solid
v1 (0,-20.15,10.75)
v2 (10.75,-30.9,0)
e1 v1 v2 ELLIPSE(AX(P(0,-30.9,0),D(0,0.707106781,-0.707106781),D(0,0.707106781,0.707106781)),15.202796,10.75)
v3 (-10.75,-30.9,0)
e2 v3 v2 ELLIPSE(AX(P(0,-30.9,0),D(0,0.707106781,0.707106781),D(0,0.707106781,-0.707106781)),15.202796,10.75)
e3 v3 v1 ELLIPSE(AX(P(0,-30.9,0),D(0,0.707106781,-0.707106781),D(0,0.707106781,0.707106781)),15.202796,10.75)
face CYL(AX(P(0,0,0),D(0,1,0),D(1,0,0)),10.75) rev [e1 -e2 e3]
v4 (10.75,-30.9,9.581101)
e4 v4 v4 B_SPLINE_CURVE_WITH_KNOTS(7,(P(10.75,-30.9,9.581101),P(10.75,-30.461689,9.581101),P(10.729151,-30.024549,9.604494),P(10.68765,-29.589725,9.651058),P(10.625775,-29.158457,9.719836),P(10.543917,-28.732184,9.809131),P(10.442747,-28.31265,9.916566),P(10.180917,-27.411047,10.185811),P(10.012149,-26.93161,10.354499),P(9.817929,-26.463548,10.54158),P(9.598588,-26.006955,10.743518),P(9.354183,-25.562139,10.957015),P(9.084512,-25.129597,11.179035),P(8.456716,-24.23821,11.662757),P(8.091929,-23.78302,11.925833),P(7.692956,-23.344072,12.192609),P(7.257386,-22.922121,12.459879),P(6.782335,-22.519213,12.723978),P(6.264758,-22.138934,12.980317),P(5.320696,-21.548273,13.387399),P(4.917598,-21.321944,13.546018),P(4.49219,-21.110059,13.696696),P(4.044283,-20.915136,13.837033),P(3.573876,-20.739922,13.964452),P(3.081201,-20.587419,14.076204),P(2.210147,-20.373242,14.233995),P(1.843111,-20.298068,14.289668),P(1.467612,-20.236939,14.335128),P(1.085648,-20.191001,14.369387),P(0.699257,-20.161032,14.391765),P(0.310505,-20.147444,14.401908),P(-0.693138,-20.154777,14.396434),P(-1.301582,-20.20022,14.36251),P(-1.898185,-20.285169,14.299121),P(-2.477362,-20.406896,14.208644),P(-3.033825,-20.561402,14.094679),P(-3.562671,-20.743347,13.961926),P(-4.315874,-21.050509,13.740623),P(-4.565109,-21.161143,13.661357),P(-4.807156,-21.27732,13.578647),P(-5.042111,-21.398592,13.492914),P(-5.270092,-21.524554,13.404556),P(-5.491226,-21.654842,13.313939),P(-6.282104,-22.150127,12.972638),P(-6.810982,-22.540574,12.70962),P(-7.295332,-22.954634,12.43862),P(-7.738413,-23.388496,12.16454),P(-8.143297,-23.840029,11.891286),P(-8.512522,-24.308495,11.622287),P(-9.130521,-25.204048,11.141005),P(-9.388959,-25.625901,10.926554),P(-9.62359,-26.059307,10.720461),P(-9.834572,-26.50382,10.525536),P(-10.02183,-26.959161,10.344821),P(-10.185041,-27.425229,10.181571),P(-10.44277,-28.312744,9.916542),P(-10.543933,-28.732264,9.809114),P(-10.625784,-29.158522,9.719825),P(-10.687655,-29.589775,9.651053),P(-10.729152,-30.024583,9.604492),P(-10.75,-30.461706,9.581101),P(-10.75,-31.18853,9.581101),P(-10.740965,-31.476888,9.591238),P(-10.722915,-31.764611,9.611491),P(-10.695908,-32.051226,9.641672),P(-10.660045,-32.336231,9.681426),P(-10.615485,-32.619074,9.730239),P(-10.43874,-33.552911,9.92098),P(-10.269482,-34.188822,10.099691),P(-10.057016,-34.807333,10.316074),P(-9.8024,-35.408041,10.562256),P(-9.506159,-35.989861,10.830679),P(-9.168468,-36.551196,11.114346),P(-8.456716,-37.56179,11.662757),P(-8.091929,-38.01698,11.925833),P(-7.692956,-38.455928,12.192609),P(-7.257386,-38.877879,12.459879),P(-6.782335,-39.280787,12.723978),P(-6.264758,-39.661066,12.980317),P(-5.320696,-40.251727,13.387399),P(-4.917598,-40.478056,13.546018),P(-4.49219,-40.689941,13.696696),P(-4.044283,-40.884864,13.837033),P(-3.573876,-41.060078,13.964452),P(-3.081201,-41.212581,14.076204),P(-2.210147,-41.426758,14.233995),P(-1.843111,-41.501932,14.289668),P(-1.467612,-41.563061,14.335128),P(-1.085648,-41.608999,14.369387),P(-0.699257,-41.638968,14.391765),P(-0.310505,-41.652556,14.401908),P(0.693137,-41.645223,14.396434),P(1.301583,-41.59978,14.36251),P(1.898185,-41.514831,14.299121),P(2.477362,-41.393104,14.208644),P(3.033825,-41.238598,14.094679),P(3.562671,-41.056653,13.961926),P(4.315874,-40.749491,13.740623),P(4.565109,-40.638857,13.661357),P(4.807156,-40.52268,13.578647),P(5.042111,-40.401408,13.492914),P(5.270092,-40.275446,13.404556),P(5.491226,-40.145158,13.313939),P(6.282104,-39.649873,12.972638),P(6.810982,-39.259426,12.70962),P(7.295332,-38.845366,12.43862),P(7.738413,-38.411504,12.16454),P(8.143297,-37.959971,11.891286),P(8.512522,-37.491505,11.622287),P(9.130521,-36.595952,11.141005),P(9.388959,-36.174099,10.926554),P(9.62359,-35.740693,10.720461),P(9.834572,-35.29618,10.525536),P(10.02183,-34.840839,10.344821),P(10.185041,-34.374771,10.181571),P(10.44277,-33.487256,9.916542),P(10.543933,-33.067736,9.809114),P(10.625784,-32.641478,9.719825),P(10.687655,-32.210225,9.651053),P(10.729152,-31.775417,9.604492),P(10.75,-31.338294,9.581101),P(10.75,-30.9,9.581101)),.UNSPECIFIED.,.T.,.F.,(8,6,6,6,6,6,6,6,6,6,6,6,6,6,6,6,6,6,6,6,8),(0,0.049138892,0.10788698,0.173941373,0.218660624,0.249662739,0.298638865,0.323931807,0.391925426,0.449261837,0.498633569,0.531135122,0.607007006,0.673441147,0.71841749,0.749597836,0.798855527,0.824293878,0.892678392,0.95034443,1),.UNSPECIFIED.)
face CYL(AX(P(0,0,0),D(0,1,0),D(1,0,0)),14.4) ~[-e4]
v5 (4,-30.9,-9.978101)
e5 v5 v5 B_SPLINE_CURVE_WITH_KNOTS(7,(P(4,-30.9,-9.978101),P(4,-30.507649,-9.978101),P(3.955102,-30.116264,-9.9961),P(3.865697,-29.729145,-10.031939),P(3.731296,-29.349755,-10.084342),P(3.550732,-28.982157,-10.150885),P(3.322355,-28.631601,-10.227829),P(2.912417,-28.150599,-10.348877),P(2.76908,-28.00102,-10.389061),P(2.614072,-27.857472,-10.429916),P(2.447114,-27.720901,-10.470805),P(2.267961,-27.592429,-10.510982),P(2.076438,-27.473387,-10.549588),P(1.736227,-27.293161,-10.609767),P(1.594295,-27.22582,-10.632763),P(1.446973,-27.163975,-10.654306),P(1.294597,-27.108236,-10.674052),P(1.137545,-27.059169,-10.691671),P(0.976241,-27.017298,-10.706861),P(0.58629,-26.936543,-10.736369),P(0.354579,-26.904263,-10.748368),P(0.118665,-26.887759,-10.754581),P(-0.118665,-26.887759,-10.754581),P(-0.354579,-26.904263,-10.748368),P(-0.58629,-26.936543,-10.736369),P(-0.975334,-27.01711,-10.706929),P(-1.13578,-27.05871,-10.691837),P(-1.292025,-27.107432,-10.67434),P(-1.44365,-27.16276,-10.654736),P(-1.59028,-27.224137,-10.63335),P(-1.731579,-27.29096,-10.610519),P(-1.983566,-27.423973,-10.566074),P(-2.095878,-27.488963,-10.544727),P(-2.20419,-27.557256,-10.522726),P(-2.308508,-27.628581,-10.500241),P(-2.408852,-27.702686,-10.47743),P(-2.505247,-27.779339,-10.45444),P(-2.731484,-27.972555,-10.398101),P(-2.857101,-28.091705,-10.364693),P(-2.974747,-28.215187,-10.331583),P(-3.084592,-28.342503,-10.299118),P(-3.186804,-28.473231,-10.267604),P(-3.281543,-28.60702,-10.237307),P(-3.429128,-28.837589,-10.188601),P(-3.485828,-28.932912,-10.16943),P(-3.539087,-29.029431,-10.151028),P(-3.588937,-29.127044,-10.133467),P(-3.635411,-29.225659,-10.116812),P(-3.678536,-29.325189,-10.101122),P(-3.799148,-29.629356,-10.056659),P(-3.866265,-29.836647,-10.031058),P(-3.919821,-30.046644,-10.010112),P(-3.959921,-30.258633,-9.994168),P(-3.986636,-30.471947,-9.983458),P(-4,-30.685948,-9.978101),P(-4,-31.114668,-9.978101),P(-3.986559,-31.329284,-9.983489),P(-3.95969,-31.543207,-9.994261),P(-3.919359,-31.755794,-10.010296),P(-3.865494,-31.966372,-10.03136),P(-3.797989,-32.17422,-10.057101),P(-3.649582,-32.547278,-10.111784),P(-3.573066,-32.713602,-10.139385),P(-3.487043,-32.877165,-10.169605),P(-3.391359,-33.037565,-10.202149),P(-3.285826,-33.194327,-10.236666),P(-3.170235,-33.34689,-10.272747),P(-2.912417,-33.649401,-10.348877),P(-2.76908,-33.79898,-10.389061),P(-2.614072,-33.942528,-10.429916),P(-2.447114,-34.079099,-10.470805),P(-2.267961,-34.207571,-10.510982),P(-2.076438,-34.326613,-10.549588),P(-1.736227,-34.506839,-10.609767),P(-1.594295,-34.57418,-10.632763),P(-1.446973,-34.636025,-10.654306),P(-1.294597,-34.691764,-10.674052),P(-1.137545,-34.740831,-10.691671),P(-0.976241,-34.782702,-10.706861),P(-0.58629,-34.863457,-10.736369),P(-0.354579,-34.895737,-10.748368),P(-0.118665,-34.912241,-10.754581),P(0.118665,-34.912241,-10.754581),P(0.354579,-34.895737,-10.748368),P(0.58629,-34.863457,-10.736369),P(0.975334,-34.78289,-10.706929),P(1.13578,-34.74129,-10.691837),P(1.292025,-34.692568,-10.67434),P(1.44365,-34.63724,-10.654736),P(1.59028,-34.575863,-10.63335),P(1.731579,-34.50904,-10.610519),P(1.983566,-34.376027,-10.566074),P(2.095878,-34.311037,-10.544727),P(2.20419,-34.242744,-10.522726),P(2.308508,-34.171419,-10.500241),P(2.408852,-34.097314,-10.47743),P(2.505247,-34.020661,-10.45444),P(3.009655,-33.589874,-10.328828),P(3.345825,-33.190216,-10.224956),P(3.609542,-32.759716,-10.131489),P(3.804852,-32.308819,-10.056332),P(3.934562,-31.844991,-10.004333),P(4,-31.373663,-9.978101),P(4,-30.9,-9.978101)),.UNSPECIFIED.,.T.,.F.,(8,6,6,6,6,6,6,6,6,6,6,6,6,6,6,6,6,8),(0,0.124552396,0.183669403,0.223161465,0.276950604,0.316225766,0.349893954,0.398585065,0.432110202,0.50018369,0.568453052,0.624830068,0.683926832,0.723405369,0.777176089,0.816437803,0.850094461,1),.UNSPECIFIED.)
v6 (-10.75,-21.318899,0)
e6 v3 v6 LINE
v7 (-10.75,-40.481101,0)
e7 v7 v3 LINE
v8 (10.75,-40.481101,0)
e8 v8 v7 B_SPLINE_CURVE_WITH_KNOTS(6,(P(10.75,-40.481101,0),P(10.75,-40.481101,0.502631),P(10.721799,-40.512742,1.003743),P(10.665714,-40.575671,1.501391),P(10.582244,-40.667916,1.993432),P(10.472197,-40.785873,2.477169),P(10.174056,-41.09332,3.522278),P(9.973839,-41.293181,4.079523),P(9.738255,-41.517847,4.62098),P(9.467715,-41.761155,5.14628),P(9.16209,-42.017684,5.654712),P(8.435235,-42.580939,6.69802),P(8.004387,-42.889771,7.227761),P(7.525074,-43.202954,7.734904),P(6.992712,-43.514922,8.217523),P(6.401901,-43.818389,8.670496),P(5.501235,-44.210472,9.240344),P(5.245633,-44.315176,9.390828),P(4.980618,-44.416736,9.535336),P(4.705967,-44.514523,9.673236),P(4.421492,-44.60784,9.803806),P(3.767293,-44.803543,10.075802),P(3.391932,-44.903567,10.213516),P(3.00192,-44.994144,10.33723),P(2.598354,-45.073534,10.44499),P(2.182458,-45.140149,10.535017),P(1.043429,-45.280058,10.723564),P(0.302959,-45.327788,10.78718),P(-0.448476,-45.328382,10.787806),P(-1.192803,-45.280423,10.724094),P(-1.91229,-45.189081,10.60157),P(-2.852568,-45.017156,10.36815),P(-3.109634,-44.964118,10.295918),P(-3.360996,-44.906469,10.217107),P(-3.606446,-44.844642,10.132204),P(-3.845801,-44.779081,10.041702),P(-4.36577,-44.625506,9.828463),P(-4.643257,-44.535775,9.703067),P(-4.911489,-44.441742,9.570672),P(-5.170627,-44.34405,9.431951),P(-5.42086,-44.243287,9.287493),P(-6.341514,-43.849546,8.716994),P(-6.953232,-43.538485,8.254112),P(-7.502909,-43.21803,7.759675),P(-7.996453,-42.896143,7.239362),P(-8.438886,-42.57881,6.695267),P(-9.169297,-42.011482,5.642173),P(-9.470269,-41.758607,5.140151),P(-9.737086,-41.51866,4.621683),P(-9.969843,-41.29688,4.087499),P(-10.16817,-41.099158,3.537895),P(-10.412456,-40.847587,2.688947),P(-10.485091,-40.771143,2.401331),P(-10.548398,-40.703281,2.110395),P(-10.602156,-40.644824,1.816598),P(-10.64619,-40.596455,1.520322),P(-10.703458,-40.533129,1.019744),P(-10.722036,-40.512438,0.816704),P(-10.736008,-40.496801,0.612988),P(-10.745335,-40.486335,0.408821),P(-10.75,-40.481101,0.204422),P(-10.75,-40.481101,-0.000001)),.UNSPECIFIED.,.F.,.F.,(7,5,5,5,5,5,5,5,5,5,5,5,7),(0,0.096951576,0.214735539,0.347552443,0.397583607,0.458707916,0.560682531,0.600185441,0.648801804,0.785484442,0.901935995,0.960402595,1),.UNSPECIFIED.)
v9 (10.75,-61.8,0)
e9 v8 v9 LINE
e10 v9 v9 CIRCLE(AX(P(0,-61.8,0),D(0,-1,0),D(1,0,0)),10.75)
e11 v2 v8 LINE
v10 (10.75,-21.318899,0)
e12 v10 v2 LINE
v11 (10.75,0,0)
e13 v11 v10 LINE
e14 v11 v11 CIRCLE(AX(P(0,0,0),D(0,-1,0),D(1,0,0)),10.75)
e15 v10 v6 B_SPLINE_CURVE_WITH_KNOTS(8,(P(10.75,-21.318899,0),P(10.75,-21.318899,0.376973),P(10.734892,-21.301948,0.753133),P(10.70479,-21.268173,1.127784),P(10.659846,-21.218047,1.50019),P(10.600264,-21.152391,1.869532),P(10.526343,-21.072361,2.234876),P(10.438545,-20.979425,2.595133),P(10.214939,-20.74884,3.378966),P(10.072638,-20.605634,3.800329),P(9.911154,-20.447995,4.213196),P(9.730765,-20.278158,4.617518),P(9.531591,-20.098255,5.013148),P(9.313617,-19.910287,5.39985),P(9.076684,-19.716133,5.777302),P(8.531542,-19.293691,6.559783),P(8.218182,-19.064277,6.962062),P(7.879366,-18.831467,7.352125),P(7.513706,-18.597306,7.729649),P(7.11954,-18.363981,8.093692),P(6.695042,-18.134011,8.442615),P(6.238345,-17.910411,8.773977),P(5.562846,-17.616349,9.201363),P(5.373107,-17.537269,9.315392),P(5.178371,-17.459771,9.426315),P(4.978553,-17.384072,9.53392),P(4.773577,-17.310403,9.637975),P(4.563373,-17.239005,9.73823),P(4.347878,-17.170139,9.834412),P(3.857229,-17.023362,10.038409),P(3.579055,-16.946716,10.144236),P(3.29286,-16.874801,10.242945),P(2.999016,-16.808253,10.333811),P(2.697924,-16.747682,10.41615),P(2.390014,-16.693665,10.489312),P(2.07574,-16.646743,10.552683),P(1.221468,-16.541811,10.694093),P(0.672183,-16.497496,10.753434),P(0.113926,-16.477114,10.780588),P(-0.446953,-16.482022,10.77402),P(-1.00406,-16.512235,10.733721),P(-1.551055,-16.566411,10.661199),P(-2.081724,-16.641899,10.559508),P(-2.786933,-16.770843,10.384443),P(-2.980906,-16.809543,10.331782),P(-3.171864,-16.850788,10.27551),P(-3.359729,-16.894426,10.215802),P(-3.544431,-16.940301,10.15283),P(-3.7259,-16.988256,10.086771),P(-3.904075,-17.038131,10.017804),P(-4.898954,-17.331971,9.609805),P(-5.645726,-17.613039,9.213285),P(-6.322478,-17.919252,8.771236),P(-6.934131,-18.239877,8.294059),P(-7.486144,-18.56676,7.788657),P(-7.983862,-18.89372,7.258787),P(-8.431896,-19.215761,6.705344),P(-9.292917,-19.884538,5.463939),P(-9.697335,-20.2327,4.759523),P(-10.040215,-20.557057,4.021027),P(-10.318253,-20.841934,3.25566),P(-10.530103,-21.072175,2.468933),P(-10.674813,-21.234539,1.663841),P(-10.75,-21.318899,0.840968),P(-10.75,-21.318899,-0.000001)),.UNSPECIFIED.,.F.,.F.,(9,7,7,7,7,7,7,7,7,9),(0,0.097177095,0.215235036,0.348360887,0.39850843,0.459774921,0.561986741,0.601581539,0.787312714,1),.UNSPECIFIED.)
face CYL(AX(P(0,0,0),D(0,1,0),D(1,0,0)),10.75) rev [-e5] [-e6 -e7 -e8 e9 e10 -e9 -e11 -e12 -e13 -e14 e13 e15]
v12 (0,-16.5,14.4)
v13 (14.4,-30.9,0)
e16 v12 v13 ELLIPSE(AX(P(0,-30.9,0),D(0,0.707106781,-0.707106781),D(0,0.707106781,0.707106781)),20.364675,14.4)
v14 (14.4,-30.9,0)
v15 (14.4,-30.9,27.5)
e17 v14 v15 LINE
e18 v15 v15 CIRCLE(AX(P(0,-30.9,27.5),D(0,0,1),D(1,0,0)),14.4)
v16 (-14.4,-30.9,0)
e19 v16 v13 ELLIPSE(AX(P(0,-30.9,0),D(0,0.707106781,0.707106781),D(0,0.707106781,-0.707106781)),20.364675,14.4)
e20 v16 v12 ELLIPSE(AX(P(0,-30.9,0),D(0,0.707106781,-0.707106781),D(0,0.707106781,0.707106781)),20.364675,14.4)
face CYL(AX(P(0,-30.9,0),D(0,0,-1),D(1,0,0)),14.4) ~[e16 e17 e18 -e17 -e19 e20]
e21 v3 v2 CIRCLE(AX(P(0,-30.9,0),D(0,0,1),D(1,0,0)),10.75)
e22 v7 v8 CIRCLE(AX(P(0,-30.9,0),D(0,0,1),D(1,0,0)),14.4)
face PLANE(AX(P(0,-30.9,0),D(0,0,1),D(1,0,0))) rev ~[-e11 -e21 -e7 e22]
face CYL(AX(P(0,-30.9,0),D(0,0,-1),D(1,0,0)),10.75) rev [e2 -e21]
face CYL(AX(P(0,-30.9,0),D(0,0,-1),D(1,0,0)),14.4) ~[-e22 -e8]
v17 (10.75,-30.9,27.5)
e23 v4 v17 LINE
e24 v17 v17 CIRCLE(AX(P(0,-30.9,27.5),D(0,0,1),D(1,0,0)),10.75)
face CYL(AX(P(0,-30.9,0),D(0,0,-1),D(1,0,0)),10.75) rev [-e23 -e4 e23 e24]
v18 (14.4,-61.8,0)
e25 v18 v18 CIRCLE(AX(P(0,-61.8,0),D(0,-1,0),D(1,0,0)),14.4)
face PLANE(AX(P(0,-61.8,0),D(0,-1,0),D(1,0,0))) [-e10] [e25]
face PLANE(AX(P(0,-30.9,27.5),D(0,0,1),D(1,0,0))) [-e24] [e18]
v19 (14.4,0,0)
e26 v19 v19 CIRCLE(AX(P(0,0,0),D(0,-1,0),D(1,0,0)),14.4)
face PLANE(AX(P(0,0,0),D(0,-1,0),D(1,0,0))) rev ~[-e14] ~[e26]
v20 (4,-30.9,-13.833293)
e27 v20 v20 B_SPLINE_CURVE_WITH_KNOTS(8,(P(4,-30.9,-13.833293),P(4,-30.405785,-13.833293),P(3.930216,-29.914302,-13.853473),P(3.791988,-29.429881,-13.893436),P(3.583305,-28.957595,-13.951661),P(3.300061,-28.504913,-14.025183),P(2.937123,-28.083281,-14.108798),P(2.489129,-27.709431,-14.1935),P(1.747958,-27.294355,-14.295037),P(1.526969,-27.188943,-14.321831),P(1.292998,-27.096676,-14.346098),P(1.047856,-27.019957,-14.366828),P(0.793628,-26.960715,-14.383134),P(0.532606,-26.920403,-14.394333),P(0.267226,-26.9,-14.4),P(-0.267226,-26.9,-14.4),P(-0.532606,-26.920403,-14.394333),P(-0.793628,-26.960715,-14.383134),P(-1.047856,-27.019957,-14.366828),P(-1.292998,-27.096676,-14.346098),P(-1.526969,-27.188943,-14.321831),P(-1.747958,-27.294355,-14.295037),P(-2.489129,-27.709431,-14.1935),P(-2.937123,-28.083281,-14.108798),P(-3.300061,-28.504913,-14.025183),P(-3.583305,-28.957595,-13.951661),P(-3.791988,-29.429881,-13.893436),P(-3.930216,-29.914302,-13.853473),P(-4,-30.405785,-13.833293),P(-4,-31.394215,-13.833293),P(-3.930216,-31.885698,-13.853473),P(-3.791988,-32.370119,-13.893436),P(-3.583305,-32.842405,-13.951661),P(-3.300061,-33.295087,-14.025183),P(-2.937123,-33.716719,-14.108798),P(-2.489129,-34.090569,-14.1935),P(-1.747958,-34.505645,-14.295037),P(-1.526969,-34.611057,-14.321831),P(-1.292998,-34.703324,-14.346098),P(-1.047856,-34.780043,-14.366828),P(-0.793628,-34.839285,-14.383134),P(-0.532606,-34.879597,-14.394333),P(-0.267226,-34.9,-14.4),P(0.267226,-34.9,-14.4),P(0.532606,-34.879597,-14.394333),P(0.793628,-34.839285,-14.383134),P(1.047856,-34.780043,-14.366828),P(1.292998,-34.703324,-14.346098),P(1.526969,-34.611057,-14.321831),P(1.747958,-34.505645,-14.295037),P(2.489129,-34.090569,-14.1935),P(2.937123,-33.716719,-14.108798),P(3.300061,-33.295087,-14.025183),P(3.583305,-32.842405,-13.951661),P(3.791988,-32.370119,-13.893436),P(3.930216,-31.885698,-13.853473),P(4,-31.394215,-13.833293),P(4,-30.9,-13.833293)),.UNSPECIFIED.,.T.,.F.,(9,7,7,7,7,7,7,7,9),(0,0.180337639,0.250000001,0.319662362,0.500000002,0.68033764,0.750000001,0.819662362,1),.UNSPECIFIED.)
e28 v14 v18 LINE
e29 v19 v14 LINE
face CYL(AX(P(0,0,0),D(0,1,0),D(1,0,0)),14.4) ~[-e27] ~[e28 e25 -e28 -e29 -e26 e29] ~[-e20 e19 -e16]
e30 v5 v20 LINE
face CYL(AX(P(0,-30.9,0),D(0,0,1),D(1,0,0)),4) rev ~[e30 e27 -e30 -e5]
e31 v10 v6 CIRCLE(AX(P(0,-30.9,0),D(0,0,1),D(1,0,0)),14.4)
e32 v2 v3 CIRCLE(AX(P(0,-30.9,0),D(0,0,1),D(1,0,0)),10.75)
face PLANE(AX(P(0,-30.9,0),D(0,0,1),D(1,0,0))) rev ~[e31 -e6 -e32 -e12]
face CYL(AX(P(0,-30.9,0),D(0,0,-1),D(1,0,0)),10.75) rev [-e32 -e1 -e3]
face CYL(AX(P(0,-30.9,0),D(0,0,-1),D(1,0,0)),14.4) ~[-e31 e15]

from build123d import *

# Parameters (mm, degrees)
F0_R     = 14.4
F0_R_2   = 10.75
F1_DEPTH = 61.8
F2_R     = 14.4
F2_R_2   = 10.75
F3_DEPTH = 27.5
F5_D     = 8
F5_DEPTH = 14.401


with BuildPart() as f1:
    # F0 (on Front) → F1 (new body)
    with BuildSketch(Plane.XZ):
        Circle(F0_R)
        Circle(F0_R_2, mode=Mode.SUBTRACT)
    extrude(amount=F1_DEPTH)

    # F2 (on Top) → F3 (join)
    with BuildSketch(Plane.XY):
        with Locations((0, -30.9)):
            Circle(F2_R)
        with Locations((0, -30.9)):
            Circle(F2_R_2, mode=Mode.SUBTRACT)
    extrude(amount=F3_DEPTH)

    # F5 (through all, one way)
    with BuildSketch(Plane.XY):
        with Locations((0, -30.9)):
            Circle(F5_D / 2)
    extrude(amount=-F5_DEPTH, mode=Mode.SUBTRACT)


solid = f1.part
